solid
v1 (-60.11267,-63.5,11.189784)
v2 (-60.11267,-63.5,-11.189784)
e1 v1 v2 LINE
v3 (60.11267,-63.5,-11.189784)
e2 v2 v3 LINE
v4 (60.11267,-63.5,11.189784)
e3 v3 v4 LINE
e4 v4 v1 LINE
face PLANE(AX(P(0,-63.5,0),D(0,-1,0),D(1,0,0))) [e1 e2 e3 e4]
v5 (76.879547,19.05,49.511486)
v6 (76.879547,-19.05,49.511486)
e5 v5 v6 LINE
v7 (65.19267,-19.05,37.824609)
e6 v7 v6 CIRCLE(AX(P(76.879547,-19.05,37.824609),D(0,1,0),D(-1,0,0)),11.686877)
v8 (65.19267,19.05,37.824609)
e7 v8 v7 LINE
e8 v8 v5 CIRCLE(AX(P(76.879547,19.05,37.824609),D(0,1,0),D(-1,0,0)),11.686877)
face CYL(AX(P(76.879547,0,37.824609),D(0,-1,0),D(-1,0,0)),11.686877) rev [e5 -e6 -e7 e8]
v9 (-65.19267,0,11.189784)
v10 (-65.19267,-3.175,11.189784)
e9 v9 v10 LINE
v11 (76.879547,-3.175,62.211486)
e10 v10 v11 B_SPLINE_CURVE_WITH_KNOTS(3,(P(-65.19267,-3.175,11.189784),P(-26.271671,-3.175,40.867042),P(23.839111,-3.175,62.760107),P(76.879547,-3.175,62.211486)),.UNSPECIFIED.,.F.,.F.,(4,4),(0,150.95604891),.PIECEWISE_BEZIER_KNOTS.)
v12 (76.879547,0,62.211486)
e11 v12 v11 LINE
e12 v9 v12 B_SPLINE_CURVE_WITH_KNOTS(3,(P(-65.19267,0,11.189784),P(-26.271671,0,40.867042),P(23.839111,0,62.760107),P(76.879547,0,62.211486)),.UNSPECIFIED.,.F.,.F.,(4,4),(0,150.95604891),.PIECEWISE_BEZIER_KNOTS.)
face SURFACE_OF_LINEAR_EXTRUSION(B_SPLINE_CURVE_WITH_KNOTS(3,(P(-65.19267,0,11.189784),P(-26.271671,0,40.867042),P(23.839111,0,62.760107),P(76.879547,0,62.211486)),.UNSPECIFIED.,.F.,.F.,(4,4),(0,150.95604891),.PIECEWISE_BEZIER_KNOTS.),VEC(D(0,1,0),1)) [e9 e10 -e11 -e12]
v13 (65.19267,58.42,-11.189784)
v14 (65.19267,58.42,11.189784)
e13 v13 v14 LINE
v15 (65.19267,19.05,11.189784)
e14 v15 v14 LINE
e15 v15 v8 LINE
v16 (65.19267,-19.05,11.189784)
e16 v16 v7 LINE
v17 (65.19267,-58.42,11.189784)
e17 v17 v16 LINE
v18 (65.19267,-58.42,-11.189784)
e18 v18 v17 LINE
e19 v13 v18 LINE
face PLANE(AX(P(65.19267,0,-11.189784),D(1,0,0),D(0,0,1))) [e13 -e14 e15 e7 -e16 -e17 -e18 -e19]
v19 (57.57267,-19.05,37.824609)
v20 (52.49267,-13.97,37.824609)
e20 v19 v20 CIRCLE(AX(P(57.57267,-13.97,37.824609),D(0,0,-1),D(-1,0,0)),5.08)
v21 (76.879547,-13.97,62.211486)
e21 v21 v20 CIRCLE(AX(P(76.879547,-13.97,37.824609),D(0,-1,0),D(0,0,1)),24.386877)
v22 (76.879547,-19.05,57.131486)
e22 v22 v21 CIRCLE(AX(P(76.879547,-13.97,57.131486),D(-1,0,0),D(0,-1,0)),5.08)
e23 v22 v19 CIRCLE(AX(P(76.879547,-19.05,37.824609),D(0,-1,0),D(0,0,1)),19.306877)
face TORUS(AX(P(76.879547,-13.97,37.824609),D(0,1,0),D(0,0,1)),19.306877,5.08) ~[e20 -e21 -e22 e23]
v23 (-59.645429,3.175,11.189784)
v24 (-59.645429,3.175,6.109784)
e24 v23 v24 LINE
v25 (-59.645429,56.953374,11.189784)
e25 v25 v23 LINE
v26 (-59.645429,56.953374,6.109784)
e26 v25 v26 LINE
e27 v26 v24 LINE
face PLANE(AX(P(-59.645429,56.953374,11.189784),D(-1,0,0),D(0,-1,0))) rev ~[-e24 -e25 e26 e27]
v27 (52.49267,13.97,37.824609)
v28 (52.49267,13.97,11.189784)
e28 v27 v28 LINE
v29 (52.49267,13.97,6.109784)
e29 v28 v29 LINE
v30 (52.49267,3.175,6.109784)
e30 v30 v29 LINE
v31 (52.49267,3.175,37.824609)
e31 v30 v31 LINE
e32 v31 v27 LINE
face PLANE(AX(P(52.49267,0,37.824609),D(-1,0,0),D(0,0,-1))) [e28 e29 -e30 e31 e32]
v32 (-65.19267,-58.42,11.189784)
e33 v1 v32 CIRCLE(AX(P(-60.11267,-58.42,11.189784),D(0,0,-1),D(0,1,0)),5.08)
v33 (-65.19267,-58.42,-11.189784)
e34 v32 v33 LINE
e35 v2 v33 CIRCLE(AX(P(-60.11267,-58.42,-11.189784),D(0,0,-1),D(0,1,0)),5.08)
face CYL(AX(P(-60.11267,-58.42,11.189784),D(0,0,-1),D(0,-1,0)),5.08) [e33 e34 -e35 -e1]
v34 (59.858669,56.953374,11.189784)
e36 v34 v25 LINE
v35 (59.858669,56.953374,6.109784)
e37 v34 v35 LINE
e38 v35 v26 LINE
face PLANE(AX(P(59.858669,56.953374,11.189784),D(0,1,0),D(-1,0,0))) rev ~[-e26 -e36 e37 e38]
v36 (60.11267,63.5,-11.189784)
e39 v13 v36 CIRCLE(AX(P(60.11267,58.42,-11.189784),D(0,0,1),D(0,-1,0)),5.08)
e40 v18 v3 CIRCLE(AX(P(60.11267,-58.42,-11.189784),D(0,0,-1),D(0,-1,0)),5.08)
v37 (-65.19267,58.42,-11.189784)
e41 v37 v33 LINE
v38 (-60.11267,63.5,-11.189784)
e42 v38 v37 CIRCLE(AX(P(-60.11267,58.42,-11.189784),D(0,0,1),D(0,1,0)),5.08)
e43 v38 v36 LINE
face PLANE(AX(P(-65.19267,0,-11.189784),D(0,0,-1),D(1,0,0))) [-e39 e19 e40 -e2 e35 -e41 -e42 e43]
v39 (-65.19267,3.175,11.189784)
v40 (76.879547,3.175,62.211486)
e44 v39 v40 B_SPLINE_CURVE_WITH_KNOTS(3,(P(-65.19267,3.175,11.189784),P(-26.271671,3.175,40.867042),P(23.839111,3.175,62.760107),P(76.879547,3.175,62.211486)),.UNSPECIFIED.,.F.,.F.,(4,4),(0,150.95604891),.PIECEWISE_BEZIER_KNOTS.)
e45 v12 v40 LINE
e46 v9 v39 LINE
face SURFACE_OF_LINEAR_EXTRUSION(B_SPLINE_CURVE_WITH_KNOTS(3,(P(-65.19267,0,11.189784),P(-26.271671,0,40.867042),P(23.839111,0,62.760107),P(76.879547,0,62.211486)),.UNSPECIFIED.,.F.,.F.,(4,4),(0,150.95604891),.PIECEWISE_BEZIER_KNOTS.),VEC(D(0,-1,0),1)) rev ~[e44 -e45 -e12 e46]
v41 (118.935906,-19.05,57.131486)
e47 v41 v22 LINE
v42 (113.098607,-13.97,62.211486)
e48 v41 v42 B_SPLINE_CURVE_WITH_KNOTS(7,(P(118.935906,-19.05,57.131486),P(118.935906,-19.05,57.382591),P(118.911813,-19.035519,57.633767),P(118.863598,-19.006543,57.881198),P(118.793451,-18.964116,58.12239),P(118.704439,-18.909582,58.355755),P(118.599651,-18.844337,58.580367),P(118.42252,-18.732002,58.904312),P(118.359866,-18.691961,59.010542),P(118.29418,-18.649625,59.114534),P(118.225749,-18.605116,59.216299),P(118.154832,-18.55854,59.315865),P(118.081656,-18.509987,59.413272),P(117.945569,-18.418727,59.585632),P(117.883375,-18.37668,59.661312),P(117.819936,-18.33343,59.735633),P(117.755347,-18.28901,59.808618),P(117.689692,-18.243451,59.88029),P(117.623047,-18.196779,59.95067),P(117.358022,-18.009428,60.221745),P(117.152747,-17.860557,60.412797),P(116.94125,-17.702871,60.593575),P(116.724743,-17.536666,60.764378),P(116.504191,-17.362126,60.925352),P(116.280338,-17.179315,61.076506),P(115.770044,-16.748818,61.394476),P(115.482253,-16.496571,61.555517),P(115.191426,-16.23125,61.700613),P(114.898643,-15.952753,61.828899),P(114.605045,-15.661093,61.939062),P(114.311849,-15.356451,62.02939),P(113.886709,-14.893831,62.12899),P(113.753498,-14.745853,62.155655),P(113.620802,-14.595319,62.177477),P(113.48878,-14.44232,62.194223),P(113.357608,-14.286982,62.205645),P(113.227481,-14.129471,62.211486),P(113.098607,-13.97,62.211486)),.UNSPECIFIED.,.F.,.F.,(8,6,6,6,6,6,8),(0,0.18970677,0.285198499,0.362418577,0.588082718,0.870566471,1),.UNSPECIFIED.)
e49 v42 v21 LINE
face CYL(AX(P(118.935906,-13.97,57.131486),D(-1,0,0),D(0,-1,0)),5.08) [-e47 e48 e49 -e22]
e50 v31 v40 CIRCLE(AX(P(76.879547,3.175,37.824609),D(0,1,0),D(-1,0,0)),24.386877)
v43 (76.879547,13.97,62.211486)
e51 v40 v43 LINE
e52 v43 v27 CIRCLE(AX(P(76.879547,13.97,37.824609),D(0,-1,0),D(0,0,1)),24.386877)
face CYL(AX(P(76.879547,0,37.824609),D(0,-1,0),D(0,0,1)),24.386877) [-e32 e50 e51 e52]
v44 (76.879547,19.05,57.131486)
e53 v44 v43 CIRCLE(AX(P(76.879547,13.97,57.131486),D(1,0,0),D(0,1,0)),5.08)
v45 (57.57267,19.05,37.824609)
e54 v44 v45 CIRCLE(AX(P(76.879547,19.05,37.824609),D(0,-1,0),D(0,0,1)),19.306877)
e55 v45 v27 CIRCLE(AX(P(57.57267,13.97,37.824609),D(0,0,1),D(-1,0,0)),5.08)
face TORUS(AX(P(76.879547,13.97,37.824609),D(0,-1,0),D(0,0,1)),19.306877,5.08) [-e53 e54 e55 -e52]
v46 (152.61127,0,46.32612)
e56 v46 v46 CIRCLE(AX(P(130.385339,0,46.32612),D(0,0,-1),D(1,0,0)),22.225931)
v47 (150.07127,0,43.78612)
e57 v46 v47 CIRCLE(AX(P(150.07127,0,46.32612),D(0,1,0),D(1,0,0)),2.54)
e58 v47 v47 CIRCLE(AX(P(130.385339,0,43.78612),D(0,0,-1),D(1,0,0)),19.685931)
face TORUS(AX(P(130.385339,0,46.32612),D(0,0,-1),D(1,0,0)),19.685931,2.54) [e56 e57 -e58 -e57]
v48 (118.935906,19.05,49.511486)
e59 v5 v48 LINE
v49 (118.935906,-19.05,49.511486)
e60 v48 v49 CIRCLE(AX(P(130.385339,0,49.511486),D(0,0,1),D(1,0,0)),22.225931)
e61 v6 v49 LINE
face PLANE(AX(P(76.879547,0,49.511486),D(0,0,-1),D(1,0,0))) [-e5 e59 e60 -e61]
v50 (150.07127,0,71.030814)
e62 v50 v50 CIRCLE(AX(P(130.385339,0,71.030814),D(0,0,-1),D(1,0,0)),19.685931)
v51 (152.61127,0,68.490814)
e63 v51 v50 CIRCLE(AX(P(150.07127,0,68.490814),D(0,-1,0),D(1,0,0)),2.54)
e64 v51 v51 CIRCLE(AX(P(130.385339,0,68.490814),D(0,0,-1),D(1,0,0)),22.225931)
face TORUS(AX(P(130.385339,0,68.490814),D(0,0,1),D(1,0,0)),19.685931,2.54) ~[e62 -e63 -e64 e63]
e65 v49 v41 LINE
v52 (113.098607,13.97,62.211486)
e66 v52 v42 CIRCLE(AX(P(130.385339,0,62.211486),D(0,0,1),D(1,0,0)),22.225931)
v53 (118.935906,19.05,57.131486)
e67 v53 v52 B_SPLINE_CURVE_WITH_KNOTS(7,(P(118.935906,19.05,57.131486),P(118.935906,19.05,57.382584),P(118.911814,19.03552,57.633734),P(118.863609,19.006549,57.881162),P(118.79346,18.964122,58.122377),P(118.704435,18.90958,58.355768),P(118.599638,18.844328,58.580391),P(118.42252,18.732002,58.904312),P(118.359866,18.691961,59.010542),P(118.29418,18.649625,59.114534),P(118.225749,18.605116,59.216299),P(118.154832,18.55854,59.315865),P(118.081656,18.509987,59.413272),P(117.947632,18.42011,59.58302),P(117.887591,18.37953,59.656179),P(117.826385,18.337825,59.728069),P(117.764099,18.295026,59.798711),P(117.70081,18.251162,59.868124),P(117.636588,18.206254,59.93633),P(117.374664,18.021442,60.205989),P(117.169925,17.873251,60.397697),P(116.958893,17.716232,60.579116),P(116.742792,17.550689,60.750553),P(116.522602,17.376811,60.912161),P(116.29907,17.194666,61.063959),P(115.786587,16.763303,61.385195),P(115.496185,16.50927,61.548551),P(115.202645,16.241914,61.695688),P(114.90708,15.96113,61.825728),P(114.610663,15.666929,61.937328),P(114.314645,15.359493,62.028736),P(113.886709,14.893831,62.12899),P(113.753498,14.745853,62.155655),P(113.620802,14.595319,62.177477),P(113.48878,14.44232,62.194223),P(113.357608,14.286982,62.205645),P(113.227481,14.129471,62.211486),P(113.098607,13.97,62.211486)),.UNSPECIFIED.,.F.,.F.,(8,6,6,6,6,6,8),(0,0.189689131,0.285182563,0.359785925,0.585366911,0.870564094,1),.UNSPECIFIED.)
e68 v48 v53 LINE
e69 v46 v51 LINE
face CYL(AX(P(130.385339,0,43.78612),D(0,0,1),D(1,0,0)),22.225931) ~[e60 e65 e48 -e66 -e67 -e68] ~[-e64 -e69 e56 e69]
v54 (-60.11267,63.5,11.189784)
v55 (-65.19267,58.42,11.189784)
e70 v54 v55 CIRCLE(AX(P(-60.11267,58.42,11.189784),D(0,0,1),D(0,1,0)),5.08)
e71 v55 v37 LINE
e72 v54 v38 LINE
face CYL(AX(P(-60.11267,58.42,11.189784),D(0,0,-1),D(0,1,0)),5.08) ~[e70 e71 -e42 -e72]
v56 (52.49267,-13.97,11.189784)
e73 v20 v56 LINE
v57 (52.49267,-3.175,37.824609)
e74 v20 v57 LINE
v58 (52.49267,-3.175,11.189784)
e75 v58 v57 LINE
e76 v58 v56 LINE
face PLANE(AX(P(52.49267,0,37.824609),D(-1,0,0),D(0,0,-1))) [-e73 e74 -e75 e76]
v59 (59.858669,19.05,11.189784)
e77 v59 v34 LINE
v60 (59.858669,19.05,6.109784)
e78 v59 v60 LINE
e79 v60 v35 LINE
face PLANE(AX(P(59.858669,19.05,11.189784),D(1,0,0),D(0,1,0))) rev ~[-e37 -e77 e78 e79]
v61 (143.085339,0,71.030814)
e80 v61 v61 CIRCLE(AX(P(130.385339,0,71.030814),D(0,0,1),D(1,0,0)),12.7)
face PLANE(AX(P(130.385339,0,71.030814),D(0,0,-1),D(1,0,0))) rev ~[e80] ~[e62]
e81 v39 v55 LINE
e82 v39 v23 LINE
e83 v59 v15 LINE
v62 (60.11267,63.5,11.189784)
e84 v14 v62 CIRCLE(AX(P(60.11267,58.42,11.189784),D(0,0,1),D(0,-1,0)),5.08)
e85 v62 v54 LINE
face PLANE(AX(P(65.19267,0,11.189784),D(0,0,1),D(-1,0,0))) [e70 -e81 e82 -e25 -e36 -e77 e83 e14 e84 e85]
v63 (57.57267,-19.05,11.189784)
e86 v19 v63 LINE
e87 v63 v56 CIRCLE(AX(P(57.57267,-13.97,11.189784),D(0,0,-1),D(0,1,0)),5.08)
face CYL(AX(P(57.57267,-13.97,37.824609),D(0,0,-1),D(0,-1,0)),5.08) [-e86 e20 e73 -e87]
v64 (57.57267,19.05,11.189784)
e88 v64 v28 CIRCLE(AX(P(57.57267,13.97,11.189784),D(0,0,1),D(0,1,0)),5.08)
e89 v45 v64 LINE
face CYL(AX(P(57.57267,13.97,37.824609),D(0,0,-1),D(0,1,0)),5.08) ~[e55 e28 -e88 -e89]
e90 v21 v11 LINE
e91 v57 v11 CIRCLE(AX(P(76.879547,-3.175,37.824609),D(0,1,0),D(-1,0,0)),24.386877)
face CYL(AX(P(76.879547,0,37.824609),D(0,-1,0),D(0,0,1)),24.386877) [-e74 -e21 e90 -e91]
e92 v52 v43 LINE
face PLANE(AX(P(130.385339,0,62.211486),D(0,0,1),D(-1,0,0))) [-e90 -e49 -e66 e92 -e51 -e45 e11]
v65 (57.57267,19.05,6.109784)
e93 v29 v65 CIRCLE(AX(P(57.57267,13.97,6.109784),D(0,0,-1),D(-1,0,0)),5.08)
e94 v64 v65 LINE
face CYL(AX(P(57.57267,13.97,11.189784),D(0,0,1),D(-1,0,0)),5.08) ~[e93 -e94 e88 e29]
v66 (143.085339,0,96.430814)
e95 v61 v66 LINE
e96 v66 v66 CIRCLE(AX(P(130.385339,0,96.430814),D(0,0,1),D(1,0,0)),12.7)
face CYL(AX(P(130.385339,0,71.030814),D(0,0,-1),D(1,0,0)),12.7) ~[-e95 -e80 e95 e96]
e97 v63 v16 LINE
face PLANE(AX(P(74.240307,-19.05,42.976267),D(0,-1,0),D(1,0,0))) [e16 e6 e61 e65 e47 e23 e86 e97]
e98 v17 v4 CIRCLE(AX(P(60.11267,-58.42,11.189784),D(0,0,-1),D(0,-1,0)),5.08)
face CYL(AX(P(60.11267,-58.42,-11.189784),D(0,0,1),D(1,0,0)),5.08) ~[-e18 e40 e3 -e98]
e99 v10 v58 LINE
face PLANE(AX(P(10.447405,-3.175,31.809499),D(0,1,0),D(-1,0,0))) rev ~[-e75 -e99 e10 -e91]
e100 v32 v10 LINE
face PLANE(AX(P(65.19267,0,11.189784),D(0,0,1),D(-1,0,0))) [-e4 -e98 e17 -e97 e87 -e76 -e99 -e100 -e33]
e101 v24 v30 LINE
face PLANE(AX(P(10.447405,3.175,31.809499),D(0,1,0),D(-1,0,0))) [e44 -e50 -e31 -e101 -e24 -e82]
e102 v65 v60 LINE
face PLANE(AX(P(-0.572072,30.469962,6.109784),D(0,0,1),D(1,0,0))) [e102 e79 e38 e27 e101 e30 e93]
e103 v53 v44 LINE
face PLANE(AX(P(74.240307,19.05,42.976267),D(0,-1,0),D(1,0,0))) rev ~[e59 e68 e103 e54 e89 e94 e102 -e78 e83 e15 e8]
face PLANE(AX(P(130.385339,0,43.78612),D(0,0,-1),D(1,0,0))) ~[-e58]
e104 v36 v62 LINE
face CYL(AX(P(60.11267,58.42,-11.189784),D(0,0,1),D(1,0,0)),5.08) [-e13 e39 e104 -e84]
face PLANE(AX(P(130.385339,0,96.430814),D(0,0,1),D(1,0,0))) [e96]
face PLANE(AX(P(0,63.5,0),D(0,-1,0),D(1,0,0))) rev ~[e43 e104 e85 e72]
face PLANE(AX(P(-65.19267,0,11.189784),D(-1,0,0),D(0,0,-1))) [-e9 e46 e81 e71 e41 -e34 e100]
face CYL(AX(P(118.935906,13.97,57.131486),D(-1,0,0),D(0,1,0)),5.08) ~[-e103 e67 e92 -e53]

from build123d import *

# Parameters (mm, degrees)
F1_DEPTH  = 63.5
F0_W      = 22.2259311114
F0_H      = 12.7
F2_DEPTH  = 19.05
F3_DEPTH  = 3.175
F5_R      = 5.08
F6_R      = 2.54
F7_R      = 2.54
F8_R      = 12.7
F9_DEPTH  = 25.4
F11_DEPTH = 5.08


with BuildPart() as f1:
    # F0 (on Front) → F1 (new body, symmetric)
    with BuildSketch(Plane.XZ):
        Polygon((52.4926696301, 11.1897839233), (-65.1926696301, 11.1897839233), (-65.1926696301, -11.1897839233), (65.1926696301, -11.1897839233), (65.1926696301, 11.1897839233), align=None)
    extrude(amount=F1_DEPTH, both=True)

    # F0 (on Front) → F2 (join, symmetric)
    with BuildSketch(Plane.XZ):
        with BuildLine():
            Line((52.4926696301, 37.8246089722), (52.4926696301, 11.1897839233))
            Line((52.4926696301, 11.1897839233), (65.1926696301, 11.1897839233))
            Line((65.1926696301, 11.1897839233), (65.1926696301, 37.8246089722))
            ThreePointArc((65.1926696301, 37.8246089722), (68.6156766444, 46.0884789304), (76.8795466026, 49.5114859448))
            Line((76.8795466026, 49.5114859448), (108.1594081487, 49.5114859448))
            Line((108.1594081487, 49.5114859448), (108.1594081487, 62.2114859448))
            Line((108.1594081487, 62.2114859448), (76.8795466026, 62.2114859448))
            ThreePointArc((76.8795466026, 62.2114859448), (59.6354205233, 55.0687350515), (52.4926696301, 37.8246089722))
        make_face()
        with Locations((119.2723737044, 55.8614859448)):
            Rectangle(F0_W, F0_H)
    extrude(amount=F2_DEPTH, both=True)

    # F0 (on Front) → F3 (join, symmetric)
    with BuildSketch(Plane.XZ):
        with BuildLine():
            add(Edge.make_bspline(
                [(-65.1926696301, 11.1897839233), (-26.2716710567, 40.8670417964), (23.8391105086, 62.7601072192), (76.8795466026, 62.2114859448)],
                knots=[0, 0, 0, 0, 150.9560489097, 150.9560489097, 150.9560489097, 150.9560489097], degree=3))
            Line((-65.1926696301, 11.1897839233), (52.4926696301, 11.1897839233))
            Line((52.4926696301, 11.1897839233), (52.4926696301, 37.8246089722))
            ThreePointArc((52.4926696301, 37.8246089722), (59.6354205233, 55.0687350515), (76.8795466026, 62.2114859448))
        make_face()
        with Locations((119.2723737044, 55.8614859448)):
            Rectangle(F0_W, F0_H)
    extrude(amount=F3_DEPTH, both=True)

    # F0 (on Front) → F4 (revolve)
    with BuildSketch(Plane.XZ):
        Polygon((130.3853392601, 71.0308142006), (130.3853392601, 62.2114859448), (130.3853392601, 49.5114859448), (130.3853392601, 43.7861196697), (152.6112703715, 43.7861196697), (152.6112703715, 71.0308142006), align=None)
    revolve(axis=Axis((130.3853392601, 0, 57.4084669352), (0, 0, -1)))

    # F5
    f5_edges = [f1.edges().sort_by_distance(p)[0] for p in [
        (-65.19267, -63.5, 0),
        (65.19267, -63.5, 0),
        (65.19267, 63.5, 0),
        (-65.19267, 63.5, 0),
        (52.49267, 19.05, 24.507196),
        (52.49267, -19.05, 24.507196),
    ]]
    fillet(f5_edges, radius=F5_R)

    # F6
    f6_edges = [f1.edges().sort_by_distance(p)[0] for p in [
        (108.159408, 0, 71.030814),
    ]]
    fillet(f6_edges, radius=F6_R)

    # F7
    f7_edges = [f1.edges().sort_by_distance(p)[0] for p in [
        (108.159408, 0, 43.78612),
    ]]
    fillet(f7_edges, radius=F7_R)

    # F8 (on face) → F9 (join)
    with BuildSketch(Plane.XY.offset(71.0308142006)):
        with Locations((130.3853392601, 0)):
            Circle(F8_R)
    extrude(amount=F9_DEPTH)

    # F10 (on face) → F11 (cut)
    with BuildSketch(Plane.XY.offset(11.1897839233)):
        with BuildLine():
            Line((59.8586685956, 56.9533742964), (-59.6454292536, 56.9533742964))
            Line((-59.6454292536, 56.9533742964), (-59.6454292536, 3.175))
            Line((-59.6454292536, 3.175), (52.4926696301, 3.175))
            Line((52.4926696301, 3.175), (52.4926696301, 13.97))
            ThreePointArc((52.4926696301, 13.97), (53.9805671816, 17.5621024484), (57.5726696301, 19.05))
            Line((57.5726696301, 19.05), (59.8586685956, 19.05))
            Line((59.8586685956, 19.05), (59.8586685956, 56.9533742964))
        make_face()
    extrude(amount=-F11_DEPTH, mode=Mode.SUBTRACT)


solid = f1.part
